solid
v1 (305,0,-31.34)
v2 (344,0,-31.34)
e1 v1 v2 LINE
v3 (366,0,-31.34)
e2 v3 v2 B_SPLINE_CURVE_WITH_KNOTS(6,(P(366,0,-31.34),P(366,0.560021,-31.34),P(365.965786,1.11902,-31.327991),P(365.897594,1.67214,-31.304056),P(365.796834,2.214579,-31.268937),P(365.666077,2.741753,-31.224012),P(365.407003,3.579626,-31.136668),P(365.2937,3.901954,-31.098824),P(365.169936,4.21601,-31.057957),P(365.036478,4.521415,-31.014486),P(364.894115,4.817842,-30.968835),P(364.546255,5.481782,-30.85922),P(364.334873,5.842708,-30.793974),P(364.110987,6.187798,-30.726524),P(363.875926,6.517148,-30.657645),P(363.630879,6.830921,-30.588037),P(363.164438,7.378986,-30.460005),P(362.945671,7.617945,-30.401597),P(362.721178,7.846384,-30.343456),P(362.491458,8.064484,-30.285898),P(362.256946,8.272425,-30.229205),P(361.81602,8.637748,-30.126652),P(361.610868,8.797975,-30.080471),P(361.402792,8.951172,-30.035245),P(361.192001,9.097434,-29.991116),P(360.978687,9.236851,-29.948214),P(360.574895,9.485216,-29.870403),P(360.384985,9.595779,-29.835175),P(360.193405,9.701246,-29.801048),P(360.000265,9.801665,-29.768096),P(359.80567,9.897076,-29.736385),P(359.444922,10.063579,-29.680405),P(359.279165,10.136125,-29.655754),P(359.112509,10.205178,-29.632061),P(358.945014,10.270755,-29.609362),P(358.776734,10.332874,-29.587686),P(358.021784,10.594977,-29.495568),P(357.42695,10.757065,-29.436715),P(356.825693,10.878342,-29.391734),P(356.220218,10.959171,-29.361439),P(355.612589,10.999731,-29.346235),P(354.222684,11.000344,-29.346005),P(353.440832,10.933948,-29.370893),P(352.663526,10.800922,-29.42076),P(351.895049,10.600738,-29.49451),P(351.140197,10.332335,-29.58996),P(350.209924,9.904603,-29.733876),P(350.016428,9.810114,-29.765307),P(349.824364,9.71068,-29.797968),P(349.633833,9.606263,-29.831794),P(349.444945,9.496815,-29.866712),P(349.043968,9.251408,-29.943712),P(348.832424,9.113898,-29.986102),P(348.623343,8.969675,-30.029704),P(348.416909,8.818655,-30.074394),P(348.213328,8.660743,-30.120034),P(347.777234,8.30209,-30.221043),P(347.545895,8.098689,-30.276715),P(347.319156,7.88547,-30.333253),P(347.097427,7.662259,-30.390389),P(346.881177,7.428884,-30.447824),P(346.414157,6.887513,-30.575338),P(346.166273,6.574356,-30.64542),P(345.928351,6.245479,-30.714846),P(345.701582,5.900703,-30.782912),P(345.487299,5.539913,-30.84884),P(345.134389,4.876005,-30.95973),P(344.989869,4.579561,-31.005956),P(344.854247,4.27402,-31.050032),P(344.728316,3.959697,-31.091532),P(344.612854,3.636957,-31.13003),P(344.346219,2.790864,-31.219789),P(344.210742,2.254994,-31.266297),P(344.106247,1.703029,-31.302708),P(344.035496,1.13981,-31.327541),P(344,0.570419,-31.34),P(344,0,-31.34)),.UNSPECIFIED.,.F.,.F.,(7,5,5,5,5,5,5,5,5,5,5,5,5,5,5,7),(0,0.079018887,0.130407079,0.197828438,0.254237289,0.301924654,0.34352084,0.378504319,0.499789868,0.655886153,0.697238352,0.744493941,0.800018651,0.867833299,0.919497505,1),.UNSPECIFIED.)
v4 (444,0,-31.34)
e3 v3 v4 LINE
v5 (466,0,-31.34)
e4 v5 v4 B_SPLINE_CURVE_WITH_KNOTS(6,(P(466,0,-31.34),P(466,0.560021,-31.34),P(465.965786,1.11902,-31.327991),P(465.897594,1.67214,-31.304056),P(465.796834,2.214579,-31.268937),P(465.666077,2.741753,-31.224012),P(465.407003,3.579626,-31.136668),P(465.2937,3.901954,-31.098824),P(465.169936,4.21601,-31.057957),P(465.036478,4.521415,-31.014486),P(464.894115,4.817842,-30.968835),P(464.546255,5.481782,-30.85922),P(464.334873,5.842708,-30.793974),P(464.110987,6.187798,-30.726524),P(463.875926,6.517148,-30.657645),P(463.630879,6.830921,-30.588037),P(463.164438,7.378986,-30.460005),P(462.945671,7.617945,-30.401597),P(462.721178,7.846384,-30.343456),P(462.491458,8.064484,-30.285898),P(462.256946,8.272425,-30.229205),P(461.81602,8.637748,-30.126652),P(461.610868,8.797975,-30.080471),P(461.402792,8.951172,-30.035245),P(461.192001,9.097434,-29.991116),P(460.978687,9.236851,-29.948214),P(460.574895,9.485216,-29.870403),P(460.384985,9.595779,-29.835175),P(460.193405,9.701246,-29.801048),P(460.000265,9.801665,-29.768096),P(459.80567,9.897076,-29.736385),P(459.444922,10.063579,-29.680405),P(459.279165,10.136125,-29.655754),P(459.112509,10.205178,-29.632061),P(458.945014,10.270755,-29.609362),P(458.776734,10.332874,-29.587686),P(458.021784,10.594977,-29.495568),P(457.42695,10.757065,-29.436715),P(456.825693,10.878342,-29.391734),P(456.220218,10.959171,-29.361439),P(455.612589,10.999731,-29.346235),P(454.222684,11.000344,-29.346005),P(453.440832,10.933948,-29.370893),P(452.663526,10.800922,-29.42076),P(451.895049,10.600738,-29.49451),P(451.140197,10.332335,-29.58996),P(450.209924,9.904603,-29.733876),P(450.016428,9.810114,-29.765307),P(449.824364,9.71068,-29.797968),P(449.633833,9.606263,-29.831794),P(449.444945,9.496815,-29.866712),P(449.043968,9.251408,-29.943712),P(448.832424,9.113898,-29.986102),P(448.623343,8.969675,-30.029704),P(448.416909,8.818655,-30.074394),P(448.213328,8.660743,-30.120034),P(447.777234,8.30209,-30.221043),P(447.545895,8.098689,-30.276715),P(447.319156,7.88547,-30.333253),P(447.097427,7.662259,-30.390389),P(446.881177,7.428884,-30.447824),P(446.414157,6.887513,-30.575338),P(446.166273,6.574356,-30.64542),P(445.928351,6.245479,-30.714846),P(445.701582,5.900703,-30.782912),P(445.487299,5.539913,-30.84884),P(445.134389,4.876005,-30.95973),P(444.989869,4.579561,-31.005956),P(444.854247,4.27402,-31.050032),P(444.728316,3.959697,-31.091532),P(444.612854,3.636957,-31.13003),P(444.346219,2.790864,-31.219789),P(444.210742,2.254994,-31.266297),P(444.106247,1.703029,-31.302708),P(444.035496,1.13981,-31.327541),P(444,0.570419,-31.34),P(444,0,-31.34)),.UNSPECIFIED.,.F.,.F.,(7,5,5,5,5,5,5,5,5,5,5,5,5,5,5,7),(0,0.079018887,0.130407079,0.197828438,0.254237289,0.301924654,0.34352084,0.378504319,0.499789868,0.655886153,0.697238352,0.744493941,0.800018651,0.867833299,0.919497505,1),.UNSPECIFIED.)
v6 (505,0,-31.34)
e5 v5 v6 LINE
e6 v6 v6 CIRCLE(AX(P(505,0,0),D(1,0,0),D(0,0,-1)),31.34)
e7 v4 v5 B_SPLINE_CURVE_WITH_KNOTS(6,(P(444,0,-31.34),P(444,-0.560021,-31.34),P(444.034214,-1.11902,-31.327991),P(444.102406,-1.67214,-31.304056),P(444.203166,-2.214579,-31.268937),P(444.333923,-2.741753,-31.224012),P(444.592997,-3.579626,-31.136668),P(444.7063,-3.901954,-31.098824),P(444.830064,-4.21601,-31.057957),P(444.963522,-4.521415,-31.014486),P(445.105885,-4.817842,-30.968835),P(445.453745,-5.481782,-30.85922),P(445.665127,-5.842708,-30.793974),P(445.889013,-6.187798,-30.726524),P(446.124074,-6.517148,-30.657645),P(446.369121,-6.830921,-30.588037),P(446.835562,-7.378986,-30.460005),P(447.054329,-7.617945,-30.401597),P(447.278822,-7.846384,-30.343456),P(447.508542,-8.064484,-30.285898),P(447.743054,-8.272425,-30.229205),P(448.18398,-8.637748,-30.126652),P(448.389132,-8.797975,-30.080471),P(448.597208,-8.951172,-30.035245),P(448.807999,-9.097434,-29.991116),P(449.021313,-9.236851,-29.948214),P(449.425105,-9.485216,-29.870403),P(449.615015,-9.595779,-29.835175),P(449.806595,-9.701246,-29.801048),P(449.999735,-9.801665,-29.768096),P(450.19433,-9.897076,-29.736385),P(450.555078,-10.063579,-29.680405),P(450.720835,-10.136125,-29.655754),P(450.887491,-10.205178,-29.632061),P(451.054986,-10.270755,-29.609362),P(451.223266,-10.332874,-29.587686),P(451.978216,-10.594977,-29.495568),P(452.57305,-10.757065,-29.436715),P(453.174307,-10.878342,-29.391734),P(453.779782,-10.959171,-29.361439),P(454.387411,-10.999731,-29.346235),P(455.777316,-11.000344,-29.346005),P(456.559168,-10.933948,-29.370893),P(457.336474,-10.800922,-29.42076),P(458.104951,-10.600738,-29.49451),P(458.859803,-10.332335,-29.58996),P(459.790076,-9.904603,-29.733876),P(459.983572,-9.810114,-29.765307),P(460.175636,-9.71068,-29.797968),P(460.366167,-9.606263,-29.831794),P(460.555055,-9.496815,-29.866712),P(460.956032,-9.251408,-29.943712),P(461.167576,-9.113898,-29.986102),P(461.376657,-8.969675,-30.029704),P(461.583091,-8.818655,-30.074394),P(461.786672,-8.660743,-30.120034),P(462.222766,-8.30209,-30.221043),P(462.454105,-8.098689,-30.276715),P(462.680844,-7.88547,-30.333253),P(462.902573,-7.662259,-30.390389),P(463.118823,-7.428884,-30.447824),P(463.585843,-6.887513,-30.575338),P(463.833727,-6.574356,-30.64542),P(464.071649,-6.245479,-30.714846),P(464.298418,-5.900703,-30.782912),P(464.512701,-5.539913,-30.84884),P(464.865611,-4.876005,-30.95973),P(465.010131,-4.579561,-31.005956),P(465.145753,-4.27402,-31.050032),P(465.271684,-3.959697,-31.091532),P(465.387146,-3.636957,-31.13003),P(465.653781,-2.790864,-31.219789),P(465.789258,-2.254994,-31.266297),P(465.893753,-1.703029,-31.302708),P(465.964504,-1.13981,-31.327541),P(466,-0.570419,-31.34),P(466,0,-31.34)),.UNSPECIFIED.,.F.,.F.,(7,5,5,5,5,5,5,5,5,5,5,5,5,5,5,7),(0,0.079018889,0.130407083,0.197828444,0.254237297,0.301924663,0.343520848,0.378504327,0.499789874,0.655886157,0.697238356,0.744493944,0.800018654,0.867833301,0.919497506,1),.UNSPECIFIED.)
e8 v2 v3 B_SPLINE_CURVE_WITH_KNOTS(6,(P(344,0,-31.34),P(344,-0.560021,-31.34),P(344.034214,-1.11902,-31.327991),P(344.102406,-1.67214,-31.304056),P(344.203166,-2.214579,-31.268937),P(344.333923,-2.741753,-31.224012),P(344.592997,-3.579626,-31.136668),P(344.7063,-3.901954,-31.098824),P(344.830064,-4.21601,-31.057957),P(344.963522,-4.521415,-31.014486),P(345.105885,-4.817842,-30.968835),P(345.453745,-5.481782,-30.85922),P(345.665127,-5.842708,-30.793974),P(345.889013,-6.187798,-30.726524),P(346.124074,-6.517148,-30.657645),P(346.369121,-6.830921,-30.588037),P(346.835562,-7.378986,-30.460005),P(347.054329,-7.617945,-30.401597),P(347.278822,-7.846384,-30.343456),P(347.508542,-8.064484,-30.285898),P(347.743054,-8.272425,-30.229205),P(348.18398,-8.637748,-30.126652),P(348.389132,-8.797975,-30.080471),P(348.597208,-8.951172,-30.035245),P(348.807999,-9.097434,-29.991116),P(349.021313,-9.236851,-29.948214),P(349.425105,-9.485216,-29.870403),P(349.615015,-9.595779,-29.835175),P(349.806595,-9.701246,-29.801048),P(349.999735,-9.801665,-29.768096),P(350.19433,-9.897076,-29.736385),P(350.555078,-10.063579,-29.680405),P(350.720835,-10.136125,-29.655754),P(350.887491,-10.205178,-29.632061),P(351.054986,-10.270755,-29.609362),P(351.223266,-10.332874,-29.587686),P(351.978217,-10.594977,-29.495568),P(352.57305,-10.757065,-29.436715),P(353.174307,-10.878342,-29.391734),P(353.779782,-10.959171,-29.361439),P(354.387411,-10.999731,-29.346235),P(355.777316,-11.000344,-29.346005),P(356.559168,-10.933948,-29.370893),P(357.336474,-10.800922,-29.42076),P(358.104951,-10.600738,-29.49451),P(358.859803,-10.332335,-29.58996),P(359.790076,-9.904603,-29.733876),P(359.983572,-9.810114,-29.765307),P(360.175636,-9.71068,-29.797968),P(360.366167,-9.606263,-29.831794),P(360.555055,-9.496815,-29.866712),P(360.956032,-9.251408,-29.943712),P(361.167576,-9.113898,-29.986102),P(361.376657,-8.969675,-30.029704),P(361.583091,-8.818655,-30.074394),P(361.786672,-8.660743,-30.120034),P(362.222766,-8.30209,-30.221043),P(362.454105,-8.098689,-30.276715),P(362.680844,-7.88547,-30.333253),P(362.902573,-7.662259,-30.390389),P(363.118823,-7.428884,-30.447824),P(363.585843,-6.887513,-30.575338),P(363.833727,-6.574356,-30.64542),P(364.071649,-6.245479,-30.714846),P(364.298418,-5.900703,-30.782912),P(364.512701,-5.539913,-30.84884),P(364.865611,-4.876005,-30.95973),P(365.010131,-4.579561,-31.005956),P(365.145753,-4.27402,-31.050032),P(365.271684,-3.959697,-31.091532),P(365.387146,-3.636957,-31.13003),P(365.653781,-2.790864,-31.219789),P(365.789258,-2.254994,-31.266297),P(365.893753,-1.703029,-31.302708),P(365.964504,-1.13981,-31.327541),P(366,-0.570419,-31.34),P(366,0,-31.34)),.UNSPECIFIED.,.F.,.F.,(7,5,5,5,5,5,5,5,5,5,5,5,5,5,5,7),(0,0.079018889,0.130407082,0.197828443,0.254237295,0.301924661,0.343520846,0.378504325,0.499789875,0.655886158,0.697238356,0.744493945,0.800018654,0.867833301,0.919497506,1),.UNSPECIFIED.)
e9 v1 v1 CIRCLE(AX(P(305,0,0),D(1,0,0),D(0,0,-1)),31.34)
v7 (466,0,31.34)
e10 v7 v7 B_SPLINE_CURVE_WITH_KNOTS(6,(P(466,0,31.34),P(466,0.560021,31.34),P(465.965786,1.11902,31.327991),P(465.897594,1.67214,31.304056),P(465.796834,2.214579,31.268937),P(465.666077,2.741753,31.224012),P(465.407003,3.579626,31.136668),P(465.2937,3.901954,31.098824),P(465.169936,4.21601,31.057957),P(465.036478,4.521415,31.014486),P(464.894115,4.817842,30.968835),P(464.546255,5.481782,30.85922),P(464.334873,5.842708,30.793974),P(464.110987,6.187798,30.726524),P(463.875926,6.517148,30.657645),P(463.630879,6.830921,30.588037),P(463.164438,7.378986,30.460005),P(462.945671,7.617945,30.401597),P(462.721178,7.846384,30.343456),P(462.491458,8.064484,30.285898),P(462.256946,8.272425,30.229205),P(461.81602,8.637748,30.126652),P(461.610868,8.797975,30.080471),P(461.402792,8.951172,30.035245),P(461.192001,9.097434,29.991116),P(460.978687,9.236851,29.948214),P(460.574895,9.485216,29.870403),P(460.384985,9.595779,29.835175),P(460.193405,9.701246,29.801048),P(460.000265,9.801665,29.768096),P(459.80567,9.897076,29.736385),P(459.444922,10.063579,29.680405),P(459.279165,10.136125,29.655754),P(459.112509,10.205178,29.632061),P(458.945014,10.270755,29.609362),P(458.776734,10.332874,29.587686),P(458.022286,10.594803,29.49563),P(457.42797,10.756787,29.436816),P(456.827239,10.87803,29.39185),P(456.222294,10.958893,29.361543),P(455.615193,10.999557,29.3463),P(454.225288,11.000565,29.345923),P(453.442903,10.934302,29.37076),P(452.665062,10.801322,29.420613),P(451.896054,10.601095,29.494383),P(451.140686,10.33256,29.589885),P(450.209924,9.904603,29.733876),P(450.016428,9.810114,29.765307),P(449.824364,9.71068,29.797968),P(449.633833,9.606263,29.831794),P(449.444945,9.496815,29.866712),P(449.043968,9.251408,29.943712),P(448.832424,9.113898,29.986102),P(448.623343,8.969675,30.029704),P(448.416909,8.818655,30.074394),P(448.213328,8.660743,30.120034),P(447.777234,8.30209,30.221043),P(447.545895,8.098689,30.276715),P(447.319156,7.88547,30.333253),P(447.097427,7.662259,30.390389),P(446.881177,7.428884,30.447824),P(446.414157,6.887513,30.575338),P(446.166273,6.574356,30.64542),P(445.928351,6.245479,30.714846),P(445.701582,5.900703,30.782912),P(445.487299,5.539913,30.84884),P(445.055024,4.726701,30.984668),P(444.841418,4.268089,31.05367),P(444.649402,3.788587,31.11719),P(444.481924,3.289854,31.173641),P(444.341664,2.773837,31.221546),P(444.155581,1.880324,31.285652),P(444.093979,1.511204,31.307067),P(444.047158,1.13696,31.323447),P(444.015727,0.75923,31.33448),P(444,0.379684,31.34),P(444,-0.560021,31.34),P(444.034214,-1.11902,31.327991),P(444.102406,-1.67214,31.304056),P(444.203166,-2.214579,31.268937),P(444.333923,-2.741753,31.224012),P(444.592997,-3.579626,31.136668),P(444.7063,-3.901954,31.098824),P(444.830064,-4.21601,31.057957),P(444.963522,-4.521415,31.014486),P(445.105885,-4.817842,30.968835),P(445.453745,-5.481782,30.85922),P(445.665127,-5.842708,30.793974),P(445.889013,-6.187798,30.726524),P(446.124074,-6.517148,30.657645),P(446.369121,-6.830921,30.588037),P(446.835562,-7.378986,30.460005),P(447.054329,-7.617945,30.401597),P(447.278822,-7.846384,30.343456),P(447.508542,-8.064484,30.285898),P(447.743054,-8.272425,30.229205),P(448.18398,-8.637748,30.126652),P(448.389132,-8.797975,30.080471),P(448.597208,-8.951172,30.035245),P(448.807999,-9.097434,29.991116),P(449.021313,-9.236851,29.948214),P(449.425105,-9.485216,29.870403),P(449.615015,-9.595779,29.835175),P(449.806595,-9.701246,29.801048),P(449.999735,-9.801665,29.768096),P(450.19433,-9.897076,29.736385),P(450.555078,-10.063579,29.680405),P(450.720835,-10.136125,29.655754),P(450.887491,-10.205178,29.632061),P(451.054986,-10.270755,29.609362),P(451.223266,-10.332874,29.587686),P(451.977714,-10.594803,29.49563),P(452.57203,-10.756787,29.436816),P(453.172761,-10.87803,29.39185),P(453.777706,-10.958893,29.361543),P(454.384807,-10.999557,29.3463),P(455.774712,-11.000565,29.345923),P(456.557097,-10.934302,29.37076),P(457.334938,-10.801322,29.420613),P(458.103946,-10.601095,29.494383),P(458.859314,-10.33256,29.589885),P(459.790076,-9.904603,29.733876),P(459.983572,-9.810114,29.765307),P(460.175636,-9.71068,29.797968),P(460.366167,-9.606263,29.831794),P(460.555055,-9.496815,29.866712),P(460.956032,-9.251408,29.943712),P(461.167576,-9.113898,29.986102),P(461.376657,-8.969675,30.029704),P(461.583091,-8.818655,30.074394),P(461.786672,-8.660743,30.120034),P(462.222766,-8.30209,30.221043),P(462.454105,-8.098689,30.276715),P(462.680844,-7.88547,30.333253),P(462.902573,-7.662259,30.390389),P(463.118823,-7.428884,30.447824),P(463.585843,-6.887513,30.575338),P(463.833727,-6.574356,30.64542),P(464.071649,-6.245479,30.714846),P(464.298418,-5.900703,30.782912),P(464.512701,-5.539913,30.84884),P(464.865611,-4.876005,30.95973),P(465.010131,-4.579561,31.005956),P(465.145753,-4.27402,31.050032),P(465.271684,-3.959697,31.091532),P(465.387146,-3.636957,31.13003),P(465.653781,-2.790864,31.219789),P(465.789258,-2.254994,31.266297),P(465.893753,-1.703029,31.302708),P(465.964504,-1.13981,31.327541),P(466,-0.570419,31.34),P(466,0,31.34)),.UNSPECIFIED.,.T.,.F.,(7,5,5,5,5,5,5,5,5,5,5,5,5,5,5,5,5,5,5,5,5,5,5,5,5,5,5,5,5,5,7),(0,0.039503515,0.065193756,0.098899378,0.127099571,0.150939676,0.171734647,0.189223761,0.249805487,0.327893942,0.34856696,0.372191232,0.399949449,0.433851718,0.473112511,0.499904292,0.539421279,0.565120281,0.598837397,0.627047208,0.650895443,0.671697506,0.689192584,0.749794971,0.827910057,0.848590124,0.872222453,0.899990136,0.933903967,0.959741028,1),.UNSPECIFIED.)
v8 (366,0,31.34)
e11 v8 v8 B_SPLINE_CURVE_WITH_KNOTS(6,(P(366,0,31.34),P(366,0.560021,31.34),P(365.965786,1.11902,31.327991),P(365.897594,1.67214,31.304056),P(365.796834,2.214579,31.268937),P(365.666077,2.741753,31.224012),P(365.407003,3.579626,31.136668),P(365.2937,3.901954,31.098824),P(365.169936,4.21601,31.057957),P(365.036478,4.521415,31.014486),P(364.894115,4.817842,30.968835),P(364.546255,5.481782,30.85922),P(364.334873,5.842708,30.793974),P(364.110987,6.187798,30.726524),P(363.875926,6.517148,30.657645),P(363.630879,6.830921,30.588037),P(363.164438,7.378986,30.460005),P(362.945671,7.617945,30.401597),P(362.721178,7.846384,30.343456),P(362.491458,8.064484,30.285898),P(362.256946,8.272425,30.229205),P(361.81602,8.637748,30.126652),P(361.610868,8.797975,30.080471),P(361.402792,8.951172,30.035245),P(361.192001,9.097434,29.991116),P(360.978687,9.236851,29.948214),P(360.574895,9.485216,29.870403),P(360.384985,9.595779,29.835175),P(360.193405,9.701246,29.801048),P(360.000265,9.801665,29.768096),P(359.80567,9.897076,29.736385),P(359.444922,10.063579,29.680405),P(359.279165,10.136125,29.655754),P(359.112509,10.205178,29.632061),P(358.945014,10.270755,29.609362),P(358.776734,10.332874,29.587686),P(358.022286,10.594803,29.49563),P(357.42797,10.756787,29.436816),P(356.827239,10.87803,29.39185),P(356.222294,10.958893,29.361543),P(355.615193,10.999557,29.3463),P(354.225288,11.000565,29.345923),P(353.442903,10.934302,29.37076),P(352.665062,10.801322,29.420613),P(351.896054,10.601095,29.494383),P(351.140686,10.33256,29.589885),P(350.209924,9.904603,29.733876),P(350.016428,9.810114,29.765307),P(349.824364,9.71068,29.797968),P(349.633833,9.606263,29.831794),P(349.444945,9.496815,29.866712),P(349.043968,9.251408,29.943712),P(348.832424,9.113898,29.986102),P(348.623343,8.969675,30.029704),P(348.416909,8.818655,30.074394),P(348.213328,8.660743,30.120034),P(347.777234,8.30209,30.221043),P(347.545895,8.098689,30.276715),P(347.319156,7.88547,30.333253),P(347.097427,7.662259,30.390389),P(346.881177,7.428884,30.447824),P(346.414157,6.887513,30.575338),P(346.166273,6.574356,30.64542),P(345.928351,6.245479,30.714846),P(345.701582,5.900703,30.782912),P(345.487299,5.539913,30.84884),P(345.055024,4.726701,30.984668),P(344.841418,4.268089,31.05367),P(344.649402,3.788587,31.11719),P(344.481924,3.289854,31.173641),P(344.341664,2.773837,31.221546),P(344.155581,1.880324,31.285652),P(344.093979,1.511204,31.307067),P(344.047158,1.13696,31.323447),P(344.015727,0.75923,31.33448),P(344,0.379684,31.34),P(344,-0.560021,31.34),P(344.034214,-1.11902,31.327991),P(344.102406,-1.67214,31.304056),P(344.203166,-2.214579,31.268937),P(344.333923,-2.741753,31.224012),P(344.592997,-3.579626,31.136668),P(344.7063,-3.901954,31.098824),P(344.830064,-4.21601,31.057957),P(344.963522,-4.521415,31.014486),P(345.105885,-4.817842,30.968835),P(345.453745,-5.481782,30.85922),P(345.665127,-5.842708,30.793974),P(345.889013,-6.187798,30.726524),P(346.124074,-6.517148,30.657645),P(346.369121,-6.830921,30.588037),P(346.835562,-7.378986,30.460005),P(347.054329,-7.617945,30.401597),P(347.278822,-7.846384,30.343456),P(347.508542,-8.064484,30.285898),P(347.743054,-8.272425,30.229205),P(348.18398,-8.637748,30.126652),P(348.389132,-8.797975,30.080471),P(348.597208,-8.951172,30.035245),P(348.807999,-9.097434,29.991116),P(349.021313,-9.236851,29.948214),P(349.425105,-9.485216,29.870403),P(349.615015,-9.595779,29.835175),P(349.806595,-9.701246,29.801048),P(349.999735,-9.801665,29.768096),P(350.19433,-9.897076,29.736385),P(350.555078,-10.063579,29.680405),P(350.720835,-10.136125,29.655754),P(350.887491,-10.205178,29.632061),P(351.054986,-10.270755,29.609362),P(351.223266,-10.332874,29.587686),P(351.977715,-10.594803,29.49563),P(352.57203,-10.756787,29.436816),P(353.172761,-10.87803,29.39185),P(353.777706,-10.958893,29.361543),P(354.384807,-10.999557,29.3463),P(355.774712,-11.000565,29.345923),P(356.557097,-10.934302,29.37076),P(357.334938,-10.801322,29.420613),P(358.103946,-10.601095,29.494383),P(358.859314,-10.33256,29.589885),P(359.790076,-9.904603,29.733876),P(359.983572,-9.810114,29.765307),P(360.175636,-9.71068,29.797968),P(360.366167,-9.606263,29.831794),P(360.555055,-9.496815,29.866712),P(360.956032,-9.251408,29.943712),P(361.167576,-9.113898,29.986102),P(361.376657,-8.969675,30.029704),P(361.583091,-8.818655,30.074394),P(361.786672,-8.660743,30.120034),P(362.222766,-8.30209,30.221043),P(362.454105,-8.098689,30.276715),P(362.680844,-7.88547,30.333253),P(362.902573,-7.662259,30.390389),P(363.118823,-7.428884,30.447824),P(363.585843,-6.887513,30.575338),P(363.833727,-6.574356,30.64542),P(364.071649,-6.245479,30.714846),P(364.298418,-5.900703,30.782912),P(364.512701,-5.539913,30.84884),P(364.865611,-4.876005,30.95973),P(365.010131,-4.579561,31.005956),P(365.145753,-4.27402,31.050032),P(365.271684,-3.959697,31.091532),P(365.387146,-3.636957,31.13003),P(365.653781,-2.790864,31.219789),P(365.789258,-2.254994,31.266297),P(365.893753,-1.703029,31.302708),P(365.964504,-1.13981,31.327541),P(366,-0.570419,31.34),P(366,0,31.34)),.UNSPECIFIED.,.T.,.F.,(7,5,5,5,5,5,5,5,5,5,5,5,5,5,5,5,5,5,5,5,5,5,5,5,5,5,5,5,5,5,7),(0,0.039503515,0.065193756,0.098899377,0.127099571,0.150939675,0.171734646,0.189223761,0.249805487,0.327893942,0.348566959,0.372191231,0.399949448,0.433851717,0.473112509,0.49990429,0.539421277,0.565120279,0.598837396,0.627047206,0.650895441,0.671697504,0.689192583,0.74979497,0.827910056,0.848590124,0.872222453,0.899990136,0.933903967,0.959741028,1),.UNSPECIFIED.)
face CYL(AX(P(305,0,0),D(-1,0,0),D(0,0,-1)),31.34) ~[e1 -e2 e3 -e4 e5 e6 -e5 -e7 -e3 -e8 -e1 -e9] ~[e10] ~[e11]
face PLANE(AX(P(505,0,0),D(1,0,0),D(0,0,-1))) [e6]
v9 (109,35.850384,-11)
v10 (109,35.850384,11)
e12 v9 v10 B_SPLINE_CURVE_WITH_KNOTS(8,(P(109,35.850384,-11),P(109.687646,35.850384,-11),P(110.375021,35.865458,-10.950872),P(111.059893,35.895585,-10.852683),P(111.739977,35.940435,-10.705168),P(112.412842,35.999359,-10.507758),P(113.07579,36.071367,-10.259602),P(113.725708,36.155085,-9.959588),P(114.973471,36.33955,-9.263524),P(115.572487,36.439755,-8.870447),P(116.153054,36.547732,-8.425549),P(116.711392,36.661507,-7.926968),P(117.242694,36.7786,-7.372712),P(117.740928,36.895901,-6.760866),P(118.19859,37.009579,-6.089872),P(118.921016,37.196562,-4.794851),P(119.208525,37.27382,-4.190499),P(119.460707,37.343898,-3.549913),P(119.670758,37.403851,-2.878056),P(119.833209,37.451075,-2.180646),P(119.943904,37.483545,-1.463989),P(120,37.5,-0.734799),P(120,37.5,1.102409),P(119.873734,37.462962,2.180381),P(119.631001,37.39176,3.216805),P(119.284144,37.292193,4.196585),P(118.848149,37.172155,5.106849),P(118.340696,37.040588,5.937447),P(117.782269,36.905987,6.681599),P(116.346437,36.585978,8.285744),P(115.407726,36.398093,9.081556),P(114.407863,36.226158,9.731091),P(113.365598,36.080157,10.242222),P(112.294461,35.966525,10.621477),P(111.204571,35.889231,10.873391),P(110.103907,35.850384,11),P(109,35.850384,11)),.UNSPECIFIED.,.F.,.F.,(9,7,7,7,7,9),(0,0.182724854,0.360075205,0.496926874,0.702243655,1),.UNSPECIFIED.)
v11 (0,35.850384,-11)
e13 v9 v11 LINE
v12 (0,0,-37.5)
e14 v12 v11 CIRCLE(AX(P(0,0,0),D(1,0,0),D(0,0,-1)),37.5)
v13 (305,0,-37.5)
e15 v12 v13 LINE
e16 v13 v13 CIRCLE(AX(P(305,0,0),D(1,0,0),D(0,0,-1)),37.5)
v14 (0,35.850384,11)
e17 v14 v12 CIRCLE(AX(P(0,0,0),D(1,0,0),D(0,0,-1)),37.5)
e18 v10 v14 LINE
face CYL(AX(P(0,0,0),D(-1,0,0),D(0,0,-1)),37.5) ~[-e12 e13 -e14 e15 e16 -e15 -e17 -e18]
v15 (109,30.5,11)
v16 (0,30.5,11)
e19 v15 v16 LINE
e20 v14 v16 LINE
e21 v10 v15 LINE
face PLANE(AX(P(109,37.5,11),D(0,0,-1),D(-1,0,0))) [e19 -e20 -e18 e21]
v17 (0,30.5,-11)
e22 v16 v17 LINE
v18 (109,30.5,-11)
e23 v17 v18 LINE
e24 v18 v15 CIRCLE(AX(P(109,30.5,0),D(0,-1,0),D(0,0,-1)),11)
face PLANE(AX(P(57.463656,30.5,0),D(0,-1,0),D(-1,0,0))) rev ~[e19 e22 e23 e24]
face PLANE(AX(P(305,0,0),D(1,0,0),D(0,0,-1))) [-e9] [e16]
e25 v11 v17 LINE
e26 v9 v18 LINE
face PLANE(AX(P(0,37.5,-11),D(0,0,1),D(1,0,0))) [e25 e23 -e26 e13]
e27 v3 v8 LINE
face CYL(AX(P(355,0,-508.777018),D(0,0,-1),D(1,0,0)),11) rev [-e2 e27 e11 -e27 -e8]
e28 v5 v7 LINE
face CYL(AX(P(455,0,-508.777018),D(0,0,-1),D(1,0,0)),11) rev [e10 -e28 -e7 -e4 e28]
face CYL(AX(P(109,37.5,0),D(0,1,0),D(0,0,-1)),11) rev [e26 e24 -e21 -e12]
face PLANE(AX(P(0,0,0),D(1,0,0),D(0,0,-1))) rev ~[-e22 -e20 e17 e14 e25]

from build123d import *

# Parameters (mm, degrees)
SKETCH1_R               = 37.5
BOSS_EXTRUDE1_DEPTH     = 305
SKETCH2_R               = 31.34
BOSS_EXTRUDE2_DEPTH     = 200
CUT_EXTRUDE1_DEPTH      = 7
CUT_EXTRUDE2_DEPTH      = 508.777018006
CUT_EXTRUDE2_DEPTH_BACK = 508.777018006
SKETCH4_R               = 11


with BuildPart() as part:
    # Sketch1 → Boss-Extrude1 (new body)
    with BuildSketch(Plane(origin=(0, 0, 0), x_dir=(0, 0, -1), z_dir=(1, 0, 0))):
        Circle(SKETCH1_R)
    extrude(amount=BOSS_EXTRUDE1_DEPTH)

    # Sketch2 → Boss-Extrude2 (add)
    with BuildSketch(Plane(origin=(305, 0, 0), x_dir=(0, 0, -1), z_dir=(1, 0, 0))):
        Circle(SKETCH2_R)
    extrude(amount=BOSS_EXTRUDE2_DEPTH)

    # Sketch3 → Cut-Extrude1 (cut)
    with BuildSketch(Plane(origin=(0, 37.5, 0), x_dir=(1, 0, 0), z_dir=(0, 1, 0))):
        with BuildLine():
            Line((109, -11), (0, -11))
            Line((0, -11), (0, 11))
            Line((0, 11), (109, 11))
            ThreePointArc((109, 11), (120, 0), (109, -11))
        make_face()
    extrude(amount=-CUT_EXTRUDE1_DEPTH, mode=Mode.SUBTRACT)

    # Sketch4 → Cut-Extrude2 (cut, two sides: drawn at the far end of the back side and taken through both)
    with BuildSketch(Plane.XY.offset(-CUT_EXTRUDE2_DEPTH_BACK)):
        with Locations((355, 0)):
            Circle(SKETCH4_R)
        with Locations((455, 0)):
            Circle(SKETCH4_R)
    extrude(amount=CUT_EXTRUDE2_DEPTH + CUT_EXTRUDE2_DEPTH_BACK, mode=Mode.SUBTRACT)


solid = part.part
